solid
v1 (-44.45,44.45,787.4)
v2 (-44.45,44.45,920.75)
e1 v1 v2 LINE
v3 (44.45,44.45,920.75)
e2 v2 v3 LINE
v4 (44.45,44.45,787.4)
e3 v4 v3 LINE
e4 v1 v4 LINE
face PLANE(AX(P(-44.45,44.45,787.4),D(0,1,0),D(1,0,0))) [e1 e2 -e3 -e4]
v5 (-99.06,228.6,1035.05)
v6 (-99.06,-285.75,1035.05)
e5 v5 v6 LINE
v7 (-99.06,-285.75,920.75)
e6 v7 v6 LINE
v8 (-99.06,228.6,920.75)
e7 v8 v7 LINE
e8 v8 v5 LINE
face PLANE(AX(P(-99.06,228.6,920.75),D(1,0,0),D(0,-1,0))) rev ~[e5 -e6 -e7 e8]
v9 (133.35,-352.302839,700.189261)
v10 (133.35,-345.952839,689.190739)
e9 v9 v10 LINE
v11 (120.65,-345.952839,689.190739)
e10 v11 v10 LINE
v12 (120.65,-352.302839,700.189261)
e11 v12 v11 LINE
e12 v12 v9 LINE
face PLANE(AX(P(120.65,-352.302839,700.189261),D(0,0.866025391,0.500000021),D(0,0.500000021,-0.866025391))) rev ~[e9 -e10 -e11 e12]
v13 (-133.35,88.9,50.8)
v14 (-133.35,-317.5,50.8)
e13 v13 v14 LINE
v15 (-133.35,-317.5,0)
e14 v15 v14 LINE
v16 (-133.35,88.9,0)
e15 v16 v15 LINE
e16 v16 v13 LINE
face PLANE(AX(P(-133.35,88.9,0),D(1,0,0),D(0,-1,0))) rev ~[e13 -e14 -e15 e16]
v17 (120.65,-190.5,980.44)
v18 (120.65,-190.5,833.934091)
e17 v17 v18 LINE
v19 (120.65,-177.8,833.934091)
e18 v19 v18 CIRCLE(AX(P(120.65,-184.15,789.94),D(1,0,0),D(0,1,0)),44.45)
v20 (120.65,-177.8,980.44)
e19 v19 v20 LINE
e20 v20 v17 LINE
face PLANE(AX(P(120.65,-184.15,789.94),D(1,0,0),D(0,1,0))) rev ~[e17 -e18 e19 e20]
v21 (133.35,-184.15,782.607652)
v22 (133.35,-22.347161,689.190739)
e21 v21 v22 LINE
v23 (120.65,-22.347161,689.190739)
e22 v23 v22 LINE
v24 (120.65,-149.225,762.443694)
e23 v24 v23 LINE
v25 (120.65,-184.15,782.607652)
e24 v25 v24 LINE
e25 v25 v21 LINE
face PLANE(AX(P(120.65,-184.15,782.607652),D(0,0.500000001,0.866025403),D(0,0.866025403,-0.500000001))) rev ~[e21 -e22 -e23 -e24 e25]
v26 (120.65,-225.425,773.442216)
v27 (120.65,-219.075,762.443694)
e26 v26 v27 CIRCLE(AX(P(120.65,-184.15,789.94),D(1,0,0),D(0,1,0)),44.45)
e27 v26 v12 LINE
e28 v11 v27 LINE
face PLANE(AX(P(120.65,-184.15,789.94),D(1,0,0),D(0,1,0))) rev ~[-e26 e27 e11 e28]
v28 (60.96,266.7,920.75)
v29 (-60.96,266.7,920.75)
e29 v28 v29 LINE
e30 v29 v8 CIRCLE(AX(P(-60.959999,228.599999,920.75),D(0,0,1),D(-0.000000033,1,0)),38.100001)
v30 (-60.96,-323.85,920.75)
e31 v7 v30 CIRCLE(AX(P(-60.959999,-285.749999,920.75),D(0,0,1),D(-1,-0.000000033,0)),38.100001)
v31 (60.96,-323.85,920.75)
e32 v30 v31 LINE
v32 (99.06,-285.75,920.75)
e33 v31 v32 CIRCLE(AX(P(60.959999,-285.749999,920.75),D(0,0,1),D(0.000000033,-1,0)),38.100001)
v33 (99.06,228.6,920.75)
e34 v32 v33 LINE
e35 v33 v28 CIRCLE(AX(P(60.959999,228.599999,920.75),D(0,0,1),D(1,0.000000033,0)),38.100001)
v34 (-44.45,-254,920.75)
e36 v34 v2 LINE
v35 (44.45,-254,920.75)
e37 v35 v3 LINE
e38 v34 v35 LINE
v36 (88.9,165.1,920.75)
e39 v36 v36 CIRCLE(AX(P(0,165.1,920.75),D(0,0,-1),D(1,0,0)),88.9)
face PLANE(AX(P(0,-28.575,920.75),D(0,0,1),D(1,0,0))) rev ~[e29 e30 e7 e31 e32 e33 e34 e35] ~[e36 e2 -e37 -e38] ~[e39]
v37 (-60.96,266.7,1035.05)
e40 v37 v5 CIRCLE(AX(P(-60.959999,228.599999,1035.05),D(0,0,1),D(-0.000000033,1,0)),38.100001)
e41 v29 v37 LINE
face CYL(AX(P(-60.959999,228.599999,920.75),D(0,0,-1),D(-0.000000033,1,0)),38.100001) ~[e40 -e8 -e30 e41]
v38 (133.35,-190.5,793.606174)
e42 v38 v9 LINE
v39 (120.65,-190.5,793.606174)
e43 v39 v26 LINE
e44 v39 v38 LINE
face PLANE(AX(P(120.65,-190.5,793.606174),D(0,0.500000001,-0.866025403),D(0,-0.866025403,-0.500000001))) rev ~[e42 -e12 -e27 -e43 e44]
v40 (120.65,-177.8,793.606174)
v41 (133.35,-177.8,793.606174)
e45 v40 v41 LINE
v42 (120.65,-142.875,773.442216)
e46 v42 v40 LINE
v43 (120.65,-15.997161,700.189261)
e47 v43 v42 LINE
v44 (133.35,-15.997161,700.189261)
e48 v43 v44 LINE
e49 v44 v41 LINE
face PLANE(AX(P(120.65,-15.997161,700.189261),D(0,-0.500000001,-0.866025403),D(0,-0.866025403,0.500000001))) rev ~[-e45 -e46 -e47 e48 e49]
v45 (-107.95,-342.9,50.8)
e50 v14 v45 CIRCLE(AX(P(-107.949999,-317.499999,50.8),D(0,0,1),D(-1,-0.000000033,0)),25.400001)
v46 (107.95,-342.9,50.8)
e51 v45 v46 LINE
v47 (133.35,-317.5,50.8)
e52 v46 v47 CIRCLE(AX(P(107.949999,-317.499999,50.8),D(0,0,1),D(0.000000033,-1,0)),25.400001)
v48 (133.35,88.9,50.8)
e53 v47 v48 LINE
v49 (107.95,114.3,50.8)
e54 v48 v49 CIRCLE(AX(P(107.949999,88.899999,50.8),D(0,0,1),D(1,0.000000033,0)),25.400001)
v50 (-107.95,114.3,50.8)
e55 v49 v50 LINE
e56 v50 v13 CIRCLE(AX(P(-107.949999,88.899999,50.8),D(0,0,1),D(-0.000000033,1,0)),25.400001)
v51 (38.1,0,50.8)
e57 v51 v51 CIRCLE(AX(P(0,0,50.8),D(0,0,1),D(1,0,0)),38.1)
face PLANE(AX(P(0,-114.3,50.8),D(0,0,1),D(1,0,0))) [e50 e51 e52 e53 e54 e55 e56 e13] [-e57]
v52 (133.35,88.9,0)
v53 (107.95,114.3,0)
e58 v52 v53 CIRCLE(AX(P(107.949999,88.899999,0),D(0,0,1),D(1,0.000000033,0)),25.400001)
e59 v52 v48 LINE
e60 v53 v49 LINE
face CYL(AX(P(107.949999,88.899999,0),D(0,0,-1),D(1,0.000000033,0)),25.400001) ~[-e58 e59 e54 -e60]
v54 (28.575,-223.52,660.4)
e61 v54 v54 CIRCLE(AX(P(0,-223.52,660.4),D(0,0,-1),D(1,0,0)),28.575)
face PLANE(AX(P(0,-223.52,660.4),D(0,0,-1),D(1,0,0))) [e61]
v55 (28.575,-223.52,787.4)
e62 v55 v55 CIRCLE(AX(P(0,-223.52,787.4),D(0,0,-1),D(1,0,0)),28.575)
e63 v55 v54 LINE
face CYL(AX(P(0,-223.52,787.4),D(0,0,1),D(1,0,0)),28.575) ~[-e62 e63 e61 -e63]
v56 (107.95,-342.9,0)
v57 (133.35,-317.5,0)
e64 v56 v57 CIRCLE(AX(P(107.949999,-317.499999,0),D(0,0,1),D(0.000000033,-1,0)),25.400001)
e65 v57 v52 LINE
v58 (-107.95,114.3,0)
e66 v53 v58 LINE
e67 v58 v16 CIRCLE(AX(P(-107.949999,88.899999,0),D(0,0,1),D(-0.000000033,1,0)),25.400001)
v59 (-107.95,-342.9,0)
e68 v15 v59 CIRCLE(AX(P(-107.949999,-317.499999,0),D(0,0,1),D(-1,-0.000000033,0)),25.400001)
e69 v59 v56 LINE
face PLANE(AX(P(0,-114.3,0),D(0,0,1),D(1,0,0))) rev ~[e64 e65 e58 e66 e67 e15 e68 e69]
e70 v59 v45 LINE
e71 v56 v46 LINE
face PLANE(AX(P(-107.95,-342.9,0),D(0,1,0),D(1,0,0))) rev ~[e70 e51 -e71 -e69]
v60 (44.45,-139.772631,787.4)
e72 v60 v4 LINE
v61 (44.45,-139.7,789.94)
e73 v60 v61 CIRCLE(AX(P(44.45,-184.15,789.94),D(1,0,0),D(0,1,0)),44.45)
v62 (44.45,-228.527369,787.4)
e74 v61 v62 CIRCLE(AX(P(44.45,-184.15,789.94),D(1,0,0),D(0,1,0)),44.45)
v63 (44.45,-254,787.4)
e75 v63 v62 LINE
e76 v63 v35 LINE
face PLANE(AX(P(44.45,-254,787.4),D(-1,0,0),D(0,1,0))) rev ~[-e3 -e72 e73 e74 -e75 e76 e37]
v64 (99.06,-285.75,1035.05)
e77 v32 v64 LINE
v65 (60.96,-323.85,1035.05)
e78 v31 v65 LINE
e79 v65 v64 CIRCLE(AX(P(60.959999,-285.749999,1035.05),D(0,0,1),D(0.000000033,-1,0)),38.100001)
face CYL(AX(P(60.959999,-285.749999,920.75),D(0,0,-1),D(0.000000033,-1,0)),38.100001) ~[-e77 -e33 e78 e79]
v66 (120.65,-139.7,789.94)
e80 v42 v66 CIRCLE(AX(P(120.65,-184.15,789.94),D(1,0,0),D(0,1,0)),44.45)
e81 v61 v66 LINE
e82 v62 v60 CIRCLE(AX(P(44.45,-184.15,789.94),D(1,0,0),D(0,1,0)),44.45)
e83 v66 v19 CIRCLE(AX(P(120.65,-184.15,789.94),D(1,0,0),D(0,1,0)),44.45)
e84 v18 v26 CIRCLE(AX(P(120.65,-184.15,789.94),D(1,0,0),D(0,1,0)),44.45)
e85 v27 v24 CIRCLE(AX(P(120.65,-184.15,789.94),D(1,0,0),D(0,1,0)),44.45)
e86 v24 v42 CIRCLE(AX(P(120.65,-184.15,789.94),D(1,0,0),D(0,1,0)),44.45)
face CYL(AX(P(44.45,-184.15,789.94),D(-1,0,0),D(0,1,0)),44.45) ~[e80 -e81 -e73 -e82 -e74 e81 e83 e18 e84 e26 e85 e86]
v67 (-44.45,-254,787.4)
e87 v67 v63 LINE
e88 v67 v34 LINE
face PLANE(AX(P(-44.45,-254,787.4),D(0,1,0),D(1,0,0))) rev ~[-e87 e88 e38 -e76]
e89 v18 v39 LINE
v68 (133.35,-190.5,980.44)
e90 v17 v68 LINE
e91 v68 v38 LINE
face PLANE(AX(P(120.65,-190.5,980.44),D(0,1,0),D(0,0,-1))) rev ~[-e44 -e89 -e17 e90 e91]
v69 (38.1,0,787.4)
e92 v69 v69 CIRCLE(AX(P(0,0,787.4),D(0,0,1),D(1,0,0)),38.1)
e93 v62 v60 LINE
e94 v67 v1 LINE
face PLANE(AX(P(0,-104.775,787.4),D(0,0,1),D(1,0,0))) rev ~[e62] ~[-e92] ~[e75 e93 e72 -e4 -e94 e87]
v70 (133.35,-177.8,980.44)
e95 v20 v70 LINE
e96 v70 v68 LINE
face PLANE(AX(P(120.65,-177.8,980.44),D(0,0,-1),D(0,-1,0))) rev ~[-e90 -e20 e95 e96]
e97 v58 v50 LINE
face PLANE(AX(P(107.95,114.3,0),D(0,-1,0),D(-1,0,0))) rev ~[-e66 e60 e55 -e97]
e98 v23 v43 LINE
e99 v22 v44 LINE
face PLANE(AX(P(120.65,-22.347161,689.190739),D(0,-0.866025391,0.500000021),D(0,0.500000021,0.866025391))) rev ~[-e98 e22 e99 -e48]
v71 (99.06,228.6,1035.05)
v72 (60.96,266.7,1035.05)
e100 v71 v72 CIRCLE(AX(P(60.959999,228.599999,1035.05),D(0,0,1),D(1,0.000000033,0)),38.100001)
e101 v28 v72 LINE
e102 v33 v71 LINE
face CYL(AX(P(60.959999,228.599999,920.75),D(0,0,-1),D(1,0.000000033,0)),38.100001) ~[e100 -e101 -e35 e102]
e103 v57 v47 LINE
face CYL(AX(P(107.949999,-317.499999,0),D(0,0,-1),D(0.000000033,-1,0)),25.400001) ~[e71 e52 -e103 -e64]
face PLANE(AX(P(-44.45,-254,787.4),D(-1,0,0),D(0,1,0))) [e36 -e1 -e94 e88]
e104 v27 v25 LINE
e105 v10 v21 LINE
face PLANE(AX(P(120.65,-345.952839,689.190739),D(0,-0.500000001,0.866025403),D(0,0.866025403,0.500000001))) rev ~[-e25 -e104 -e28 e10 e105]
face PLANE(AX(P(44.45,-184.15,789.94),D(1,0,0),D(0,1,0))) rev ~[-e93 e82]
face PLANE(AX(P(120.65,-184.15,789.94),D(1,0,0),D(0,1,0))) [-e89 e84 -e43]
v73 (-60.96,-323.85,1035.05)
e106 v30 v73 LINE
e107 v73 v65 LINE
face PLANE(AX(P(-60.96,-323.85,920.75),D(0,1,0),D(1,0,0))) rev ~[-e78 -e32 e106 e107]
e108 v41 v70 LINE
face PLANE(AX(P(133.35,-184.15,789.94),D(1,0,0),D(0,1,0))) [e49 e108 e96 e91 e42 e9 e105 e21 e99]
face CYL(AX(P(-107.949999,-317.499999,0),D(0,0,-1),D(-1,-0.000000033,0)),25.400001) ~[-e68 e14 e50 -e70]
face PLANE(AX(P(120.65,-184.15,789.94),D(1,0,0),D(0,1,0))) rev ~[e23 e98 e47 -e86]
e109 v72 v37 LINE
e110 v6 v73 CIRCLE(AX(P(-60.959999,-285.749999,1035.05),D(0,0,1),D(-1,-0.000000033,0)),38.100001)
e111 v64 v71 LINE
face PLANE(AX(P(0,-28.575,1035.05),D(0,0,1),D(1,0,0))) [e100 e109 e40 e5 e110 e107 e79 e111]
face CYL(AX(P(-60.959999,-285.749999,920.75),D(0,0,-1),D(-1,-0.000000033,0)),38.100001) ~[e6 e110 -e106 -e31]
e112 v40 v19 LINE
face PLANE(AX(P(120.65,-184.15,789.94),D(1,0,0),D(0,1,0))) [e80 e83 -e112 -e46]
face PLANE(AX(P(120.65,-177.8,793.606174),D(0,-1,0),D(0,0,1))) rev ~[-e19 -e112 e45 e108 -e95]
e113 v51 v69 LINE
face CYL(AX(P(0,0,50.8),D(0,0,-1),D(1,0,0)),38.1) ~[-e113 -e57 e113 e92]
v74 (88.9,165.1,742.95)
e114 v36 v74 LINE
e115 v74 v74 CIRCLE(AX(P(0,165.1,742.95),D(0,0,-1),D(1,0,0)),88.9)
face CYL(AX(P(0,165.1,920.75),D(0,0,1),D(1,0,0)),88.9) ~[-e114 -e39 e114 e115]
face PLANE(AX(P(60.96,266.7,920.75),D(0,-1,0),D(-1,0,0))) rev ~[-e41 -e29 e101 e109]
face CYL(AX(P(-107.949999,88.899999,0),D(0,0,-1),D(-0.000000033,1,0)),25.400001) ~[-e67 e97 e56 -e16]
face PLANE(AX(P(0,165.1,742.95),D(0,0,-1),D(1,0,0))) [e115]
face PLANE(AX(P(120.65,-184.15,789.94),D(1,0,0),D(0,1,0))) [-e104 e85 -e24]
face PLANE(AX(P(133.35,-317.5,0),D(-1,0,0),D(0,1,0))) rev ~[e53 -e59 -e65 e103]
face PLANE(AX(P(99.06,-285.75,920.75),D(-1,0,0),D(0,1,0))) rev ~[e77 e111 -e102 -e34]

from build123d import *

# Parameters (mm, degrees)
F1_DEPTH  = 50.8
F2_R      = 38.1
F3_DEPTH  = 736.6
F4_W      = 88.9
F4_H      = 298.45
F5_DEPTH  = 133.35
F7_DEPTH  = 114.3
F8_R      = 88.9
F9_DEPTH  = 177.8
F10_R     = 44.45
F11_DEPTH = 76.2
F13_DEPTH = 12.7
F14_DEPTH = 12.7
F15_R     = 28.575
F16_DEPTH = 127


with BuildPart() as f1:
    # F0 (on Top) → F1 (new body)
    with BuildSketch(Plane.XY):
        with BuildLine():
            Line((107.95, 114.3), (-107.95, 114.3))
            ThreePointArc((-107.95, 114.3), (-125.910512, 106.860512), (-133.35, 88.9))
            Line((-133.35, 88.9), (-133.35, -317.5))
            ThreePointArc((-133.35, -317.5), (-125.910512, -335.460512), (-107.95, -342.9))
            Line((-107.95, -342.9), (107.95, -342.9))
            ThreePointArc((107.95, -342.9), (125.910512, -335.460512), (133.35, -317.5))
            Line((133.35, -317.5), (133.35, 88.9))
            ThreePointArc((133.35, 88.9), (125.910512, 106.860512), (107.95, 114.3))
        make_face()
    extrude(amount=F1_DEPTH)

    # F2 (on face) → F3 (join)
    with BuildSketch(Plane.XY.offset(50.8)):
        Circle(F2_R)
    extrude(amount=F3_DEPTH)

    # F4 (on face) → F5 (join)
    with BuildSketch(Plane.XY.offset(787.4)):
        with Locations((0, -104.775)):
            Rectangle(F4_W, F4_H)
    extrude(amount=F5_DEPTH)

    # F6 (on face) → F7 (join)
    with BuildSketch(Plane.XY.offset(920.75)):
        with BuildLine():
            Line((60.96, 266.7), (-60.96, 266.7))
            ThreePointArc((-60.96, 266.7), (-87.900768, 255.540768), (-99.06, 228.6))
            Line((-99.06, 228.6), (-99.06, -285.75))
            ThreePointArc((-99.06, -285.75), (-87.900768, -312.690768), (-60.96, -323.85))
            Line((-60.96, -323.85), (60.96, -323.85))
            ThreePointArc((60.96, -323.85), (87.900768, -312.690768), (99.06, -285.75))
            Line((99.06, -285.75), (99.06, 228.6))
            ThreePointArc((99.06, 228.6), (87.900768, 255.540768), (60.96, 266.7))
        make_face()
    extrude(amount=F7_DEPTH)

    # F8 (on face) → F9 (join)
    with BuildSketch(Plane(origin=(0, 0, 920.75), x_dir=(1, 0, 0), z_dir=(0, 0, -1))):
        with Locations((0, -165.1)):
            Circle(F8_R)
    extrude(amount=F9_DEPTH)

    # F10 (on face) → F11 (join)
    with BuildSketch(Plane.YZ.offset(44.45)):
        with Locations((-184.15, 789.94)):
            Circle(F10_R)
    extrude(amount=F11_DEPTH)

    # F12 (on face) → F13 (join)
    with BuildSketch(Plane.YZ.offset(120.65)):
        Polygon((-15.997161, 700.189261), (-177.8, 793.606174), (-177.8, 980.44), (-190.5, 980.44), (-190.5, 793.606174), (-352.302839, 700.189261), (-345.952839, 689.190739), (-184.15, 782.607652), (-22.347161, 689.190739), align=None)
    extrude(amount=F13_DEPTH)

    # F12 (on face) → F14 (join)
    with BuildSketch(Plane.YZ.offset(120.65)):
        Polygon((-15.997161, 700.189261), (-177.8, 793.606174), (-177.8, 980.44), (-190.5, 980.44), (-190.5, 793.606174), (-352.302839, 700.189261), (-345.952839, 689.190739), (-184.15, 782.607652), (-22.347161, 689.190739), align=None)
    extrude(amount=F14_DEPTH)

    # F15 (on face) → F16 (join)
    with BuildSketch(Plane(origin=(0, 0, 787.4), x_dir=(1, 0, 0), z_dir=(0, 0, -1))):
        with Locations((0, 223.52)):
            Circle(F15_R)
    extrude(amount=F16_DEPTH)


solid = f1.part
